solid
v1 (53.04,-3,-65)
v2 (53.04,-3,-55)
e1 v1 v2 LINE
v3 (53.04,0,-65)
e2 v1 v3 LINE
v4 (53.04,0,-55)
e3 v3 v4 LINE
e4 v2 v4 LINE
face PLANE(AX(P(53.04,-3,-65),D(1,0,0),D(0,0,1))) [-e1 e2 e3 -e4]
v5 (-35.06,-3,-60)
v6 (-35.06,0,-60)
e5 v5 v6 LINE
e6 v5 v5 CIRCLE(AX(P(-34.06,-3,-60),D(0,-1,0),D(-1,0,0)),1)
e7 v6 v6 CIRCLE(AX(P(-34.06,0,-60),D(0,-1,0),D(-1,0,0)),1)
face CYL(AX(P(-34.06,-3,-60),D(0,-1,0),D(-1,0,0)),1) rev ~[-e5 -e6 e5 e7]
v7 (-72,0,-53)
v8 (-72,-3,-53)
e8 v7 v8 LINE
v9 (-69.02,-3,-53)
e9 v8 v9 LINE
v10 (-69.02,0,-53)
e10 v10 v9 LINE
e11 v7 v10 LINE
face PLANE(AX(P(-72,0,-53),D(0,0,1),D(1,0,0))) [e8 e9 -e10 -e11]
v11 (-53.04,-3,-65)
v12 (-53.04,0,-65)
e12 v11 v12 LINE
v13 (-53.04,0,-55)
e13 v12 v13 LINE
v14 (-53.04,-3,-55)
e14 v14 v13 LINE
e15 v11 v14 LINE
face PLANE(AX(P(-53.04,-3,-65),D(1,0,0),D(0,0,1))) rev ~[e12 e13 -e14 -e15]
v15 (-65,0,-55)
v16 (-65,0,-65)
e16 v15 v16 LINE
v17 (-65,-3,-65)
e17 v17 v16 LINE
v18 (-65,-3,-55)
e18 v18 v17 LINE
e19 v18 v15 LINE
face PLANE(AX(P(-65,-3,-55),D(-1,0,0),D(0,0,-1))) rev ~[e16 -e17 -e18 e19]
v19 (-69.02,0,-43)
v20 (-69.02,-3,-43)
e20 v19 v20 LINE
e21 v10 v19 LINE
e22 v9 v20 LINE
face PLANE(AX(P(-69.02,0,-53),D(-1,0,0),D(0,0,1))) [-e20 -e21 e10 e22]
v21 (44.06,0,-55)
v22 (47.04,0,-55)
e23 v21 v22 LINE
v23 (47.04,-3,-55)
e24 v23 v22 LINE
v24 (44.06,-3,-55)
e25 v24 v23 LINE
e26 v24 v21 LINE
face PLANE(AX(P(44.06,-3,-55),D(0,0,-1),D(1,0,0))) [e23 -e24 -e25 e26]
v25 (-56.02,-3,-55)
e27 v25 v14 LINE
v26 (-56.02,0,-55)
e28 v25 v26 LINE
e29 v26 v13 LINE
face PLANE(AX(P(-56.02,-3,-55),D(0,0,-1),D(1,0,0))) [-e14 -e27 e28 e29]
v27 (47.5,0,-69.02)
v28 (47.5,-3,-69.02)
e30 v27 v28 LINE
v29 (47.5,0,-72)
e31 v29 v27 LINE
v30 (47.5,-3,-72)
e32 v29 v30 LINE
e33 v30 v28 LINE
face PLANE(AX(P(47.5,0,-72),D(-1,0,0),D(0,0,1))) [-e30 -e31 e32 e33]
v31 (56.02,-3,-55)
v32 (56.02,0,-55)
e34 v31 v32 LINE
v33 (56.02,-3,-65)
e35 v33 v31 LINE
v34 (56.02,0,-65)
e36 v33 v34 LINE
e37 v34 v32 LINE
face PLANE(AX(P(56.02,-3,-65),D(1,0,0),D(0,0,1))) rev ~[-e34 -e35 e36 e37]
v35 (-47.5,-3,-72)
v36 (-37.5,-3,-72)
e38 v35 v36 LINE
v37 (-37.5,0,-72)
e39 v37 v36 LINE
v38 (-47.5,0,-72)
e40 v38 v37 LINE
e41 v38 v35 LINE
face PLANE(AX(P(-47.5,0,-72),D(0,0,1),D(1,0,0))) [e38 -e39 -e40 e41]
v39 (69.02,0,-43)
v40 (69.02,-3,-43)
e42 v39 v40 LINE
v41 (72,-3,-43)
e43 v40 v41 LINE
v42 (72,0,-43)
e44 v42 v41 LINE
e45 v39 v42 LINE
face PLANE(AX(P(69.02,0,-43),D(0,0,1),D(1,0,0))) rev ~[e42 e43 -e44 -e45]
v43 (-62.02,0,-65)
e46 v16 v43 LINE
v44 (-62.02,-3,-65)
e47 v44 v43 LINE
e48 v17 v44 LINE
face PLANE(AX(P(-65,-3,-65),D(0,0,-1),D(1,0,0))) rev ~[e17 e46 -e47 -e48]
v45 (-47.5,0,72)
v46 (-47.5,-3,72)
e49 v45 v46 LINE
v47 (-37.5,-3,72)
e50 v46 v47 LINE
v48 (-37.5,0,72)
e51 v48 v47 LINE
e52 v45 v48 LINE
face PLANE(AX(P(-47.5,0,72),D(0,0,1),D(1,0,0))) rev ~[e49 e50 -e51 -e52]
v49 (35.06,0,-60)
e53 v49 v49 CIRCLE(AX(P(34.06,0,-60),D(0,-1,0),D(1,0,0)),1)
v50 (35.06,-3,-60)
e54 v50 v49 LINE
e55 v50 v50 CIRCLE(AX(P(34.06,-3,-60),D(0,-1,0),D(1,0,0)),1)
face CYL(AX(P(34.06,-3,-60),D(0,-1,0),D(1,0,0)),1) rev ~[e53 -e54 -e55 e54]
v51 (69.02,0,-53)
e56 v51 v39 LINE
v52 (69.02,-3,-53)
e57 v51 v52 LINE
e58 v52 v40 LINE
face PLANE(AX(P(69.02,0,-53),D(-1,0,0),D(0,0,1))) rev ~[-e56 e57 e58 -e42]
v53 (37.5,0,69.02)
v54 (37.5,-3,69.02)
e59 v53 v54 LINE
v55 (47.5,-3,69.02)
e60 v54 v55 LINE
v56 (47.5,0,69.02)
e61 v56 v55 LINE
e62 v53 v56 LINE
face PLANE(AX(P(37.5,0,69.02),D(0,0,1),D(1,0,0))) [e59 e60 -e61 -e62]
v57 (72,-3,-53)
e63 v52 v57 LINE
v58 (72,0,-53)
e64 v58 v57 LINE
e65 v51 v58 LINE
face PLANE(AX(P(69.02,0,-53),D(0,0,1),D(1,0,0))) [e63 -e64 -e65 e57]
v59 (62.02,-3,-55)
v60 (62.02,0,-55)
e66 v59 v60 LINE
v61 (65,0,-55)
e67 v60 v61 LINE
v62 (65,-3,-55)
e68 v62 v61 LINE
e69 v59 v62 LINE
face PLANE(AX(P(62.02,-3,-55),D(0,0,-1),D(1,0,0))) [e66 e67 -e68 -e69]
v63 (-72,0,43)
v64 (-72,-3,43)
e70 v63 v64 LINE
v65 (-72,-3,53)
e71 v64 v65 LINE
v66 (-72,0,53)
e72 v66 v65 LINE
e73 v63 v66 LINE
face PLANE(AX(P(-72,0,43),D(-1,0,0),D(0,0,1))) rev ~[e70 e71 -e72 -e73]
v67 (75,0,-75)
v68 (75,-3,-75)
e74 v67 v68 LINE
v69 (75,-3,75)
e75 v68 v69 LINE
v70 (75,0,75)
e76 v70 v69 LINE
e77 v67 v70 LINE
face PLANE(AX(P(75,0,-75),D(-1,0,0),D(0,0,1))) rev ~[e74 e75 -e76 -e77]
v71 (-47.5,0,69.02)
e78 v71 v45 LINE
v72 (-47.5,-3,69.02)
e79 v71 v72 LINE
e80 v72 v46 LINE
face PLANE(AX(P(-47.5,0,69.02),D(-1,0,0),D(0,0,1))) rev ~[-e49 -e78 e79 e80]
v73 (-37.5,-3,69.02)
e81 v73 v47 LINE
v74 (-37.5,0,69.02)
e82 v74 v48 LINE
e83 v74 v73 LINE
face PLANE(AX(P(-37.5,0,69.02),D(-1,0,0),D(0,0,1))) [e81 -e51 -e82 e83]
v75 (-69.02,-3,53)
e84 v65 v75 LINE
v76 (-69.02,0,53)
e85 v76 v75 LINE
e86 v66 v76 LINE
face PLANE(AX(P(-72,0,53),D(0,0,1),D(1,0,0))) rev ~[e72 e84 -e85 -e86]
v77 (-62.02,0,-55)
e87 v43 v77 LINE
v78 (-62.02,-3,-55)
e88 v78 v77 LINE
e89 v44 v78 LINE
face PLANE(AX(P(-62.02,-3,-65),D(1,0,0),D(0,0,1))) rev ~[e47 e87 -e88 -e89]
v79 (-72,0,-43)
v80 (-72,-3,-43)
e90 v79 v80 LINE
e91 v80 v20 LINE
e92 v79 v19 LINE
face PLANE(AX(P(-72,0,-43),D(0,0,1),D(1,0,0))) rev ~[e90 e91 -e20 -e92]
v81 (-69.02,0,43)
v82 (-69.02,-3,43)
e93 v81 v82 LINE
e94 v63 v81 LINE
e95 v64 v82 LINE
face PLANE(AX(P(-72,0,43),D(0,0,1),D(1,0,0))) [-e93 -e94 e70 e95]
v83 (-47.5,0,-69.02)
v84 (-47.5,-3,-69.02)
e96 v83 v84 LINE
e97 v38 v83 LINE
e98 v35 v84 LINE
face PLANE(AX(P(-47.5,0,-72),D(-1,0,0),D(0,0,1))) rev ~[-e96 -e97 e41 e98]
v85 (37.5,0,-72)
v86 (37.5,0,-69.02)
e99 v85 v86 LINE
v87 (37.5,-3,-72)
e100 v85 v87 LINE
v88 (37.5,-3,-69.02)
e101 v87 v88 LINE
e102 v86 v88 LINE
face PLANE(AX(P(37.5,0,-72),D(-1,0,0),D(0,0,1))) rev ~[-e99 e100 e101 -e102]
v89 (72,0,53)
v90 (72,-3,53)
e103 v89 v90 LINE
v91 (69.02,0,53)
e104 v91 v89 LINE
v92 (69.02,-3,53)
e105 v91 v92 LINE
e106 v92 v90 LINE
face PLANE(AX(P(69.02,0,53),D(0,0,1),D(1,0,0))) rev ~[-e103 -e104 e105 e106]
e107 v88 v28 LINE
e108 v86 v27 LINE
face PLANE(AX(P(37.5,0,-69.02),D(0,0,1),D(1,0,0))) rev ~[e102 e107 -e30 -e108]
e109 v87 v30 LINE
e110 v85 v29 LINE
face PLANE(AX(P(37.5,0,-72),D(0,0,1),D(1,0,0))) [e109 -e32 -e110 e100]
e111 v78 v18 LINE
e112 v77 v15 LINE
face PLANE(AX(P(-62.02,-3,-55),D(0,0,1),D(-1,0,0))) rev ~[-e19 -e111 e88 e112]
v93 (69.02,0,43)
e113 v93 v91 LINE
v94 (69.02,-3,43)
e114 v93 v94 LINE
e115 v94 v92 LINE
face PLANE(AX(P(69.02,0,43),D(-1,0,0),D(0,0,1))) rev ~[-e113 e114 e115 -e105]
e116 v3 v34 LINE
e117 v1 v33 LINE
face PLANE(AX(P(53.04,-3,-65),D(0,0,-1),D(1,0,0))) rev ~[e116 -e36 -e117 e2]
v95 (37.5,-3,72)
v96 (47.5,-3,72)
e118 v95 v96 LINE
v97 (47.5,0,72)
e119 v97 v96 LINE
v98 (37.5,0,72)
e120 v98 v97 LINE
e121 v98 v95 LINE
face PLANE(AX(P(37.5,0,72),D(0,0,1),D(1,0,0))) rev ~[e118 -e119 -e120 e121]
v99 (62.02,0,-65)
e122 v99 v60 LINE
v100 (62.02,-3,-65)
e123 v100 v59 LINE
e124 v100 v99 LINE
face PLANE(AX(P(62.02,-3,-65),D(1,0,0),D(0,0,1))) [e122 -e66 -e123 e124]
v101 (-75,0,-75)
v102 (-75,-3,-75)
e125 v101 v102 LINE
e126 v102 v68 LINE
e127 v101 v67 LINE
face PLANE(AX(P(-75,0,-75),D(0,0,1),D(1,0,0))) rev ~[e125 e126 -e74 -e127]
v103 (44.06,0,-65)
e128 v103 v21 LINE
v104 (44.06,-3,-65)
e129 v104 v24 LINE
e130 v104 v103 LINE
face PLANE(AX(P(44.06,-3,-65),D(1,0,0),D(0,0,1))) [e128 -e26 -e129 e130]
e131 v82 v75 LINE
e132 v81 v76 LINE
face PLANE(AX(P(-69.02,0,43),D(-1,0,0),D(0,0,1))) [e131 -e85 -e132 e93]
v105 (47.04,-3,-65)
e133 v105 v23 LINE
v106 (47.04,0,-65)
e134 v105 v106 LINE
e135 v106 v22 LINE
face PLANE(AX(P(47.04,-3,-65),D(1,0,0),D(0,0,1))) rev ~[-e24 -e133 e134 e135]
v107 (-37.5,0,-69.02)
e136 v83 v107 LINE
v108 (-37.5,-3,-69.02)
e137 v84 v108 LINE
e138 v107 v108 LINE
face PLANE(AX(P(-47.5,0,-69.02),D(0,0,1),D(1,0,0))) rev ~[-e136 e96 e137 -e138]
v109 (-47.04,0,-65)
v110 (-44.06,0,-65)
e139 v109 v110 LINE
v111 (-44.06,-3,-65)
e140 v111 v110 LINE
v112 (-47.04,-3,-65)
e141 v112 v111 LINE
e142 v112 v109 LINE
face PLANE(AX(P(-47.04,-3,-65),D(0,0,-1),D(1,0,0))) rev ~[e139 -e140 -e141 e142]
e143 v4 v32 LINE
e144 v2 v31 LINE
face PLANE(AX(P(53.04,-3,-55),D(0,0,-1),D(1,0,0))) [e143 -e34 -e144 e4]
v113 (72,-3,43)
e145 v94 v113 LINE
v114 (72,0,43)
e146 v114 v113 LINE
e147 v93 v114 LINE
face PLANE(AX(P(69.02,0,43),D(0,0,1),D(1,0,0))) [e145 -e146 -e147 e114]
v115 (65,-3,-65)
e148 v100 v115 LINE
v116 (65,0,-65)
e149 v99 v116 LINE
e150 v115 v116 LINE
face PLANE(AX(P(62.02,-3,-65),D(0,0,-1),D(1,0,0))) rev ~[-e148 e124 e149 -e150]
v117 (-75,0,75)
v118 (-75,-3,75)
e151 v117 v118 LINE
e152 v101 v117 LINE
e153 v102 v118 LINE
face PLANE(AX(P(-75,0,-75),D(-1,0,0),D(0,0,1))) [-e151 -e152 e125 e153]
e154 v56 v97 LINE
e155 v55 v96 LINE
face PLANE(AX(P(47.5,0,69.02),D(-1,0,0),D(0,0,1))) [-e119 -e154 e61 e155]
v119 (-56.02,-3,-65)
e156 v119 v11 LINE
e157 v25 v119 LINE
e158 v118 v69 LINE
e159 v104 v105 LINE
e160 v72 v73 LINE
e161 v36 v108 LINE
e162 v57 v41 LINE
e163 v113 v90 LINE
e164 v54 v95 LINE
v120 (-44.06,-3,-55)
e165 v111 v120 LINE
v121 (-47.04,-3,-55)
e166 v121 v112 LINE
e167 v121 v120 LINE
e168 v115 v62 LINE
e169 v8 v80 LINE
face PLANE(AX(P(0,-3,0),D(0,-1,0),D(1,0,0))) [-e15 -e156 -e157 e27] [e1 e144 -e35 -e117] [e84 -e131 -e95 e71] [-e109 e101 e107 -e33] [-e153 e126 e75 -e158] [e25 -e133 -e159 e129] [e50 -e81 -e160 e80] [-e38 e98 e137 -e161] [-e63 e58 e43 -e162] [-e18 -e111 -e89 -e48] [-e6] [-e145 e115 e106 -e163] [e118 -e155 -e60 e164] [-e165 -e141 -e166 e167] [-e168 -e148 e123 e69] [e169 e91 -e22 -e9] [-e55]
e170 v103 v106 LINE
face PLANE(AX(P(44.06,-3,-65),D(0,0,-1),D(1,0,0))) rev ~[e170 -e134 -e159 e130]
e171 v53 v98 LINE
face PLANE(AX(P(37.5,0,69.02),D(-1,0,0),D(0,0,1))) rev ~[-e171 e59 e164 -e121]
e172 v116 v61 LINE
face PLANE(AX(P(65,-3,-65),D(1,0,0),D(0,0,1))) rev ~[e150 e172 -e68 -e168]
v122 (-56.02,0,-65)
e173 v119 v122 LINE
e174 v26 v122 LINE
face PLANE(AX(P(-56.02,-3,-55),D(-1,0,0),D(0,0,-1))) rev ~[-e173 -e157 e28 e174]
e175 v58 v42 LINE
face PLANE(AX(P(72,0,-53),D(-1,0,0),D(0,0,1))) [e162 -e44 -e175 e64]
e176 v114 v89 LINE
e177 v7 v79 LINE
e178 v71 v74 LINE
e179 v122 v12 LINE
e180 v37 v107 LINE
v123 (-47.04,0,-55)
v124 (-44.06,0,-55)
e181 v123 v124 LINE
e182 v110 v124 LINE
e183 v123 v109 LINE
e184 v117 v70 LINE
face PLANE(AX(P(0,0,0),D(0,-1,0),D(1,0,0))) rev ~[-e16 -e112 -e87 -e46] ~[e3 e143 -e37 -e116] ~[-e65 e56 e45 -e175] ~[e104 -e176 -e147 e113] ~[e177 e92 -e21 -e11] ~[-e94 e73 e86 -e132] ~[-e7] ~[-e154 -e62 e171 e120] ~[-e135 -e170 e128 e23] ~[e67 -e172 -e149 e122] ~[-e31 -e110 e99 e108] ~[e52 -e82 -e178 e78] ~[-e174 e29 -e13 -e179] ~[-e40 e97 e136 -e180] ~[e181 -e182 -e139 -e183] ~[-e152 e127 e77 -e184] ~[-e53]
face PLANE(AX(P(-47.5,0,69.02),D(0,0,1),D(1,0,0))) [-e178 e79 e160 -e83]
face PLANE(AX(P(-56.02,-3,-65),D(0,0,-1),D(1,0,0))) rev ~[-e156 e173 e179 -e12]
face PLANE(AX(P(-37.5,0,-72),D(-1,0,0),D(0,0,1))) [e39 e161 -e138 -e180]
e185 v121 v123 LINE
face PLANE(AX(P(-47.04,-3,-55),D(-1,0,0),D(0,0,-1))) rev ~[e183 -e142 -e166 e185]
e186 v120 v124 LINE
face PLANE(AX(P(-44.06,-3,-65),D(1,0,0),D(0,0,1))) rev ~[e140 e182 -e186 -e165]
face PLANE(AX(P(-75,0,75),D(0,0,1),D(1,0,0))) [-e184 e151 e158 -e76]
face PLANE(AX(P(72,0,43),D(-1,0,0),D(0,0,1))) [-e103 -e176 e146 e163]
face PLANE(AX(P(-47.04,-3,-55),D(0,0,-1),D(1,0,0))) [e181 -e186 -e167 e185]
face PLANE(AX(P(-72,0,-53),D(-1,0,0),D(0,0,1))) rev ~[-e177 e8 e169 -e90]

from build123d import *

# Parameters (mm, degrees)
F0_W     = 150
F0_H     = 150
F0_W_2   = 10
F0_H_2   = 2.98
F0_W_3   = 2.98
F0_H_3   = 10
F1_DEPTH = 3
F2_W     = 2.98
F2_H     = 5
F2_R     = 1
F2_H_2   = 10
F3_DEPTH = 3


with BuildPart() as f1:
    # F0 (on Front) → F1 (new body)
    with BuildSketch(Plane.XZ):
        Rectangle(F0_W, F0_H)
        with Locations((-42.5, -70.51)):
            Rectangle(F0_W_2, F0_H_2, mode=Mode.SUBTRACT)
        with Locations((-70.51, -48)):
            Rectangle(F0_W_3, F0_H_3, mode=Mode.SUBTRACT)
        with Locations((42.5, -70.51)):
            Rectangle(F0_W_2, F0_H_2, mode=Mode.SUBTRACT)
        with Locations((70.51, -48)):
            Rectangle(F0_W_3, F0_H_3, mode=Mode.SUBTRACT)
        with Locations((-70.51, 48)):
            Rectangle(F0_W_3, F0_H_3, mode=Mode.SUBTRACT)
        with Locations((-42.5, 70.51)):
            Rectangle(F0_W_2, F0_H_2, mode=Mode.SUBTRACT)
        with Locations((70.51, 48)):
            Rectangle(F0_W_3, F0_H_3, mode=Mode.SUBTRACT)
        with Locations((42.5, 70.51)):
            Rectangle(F0_W_2, F0_H_2, mode=Mode.SUBTRACT)
    extrude(amount=F1_DEPTH)

    # F2 (on face) → F3 (cut)
    with BuildSketch(Plane.XZ.offset(3)):
        Polygon((-62.02, -60), (-62.02, -55), (-65, -55), (-65, -65), (-62.02, -65), align=None)
        with BuildLine():
            ThreePointArc((-33.06, -60), (-34.06, -59), (-35.06, -60))
            Line((-35.06, -60), (-33.06, -60))
        make_face()
        with BuildLine():
            Line((-33.06, -60), (-35.06, -60))
            ThreePointArc((-35.06, -60), (-34.06, -61), (-33.06, -60))
        make_face()
        with Locations((-45.55, -57.5)):
            Rectangle(F2_W, F2_H)
        with Locations((-45.55, -62.5)):
            Rectangle(F2_W, F2_H)
        with Locations((-54.53, -57.5)):
            Rectangle(F2_W, F2_H)
        with Locations((-54.53, -62.5)):
            Rectangle(F2_W, F2_H)
        with Locations((34.06, -60)):
            Circle(F2_R)
        with Locations((45.55, -60)):
            Rectangle(F2_W, F2_H_2)
        with Locations((63.51, -60)):
            Rectangle(F2_W, F2_H_2)
        with Locations((54.53, -60)):
            Rectangle(F2_W, F2_H_2)
    extrude(amount=-F3_DEPTH, mode=Mode.SUBTRACT)


solid = f1.part
